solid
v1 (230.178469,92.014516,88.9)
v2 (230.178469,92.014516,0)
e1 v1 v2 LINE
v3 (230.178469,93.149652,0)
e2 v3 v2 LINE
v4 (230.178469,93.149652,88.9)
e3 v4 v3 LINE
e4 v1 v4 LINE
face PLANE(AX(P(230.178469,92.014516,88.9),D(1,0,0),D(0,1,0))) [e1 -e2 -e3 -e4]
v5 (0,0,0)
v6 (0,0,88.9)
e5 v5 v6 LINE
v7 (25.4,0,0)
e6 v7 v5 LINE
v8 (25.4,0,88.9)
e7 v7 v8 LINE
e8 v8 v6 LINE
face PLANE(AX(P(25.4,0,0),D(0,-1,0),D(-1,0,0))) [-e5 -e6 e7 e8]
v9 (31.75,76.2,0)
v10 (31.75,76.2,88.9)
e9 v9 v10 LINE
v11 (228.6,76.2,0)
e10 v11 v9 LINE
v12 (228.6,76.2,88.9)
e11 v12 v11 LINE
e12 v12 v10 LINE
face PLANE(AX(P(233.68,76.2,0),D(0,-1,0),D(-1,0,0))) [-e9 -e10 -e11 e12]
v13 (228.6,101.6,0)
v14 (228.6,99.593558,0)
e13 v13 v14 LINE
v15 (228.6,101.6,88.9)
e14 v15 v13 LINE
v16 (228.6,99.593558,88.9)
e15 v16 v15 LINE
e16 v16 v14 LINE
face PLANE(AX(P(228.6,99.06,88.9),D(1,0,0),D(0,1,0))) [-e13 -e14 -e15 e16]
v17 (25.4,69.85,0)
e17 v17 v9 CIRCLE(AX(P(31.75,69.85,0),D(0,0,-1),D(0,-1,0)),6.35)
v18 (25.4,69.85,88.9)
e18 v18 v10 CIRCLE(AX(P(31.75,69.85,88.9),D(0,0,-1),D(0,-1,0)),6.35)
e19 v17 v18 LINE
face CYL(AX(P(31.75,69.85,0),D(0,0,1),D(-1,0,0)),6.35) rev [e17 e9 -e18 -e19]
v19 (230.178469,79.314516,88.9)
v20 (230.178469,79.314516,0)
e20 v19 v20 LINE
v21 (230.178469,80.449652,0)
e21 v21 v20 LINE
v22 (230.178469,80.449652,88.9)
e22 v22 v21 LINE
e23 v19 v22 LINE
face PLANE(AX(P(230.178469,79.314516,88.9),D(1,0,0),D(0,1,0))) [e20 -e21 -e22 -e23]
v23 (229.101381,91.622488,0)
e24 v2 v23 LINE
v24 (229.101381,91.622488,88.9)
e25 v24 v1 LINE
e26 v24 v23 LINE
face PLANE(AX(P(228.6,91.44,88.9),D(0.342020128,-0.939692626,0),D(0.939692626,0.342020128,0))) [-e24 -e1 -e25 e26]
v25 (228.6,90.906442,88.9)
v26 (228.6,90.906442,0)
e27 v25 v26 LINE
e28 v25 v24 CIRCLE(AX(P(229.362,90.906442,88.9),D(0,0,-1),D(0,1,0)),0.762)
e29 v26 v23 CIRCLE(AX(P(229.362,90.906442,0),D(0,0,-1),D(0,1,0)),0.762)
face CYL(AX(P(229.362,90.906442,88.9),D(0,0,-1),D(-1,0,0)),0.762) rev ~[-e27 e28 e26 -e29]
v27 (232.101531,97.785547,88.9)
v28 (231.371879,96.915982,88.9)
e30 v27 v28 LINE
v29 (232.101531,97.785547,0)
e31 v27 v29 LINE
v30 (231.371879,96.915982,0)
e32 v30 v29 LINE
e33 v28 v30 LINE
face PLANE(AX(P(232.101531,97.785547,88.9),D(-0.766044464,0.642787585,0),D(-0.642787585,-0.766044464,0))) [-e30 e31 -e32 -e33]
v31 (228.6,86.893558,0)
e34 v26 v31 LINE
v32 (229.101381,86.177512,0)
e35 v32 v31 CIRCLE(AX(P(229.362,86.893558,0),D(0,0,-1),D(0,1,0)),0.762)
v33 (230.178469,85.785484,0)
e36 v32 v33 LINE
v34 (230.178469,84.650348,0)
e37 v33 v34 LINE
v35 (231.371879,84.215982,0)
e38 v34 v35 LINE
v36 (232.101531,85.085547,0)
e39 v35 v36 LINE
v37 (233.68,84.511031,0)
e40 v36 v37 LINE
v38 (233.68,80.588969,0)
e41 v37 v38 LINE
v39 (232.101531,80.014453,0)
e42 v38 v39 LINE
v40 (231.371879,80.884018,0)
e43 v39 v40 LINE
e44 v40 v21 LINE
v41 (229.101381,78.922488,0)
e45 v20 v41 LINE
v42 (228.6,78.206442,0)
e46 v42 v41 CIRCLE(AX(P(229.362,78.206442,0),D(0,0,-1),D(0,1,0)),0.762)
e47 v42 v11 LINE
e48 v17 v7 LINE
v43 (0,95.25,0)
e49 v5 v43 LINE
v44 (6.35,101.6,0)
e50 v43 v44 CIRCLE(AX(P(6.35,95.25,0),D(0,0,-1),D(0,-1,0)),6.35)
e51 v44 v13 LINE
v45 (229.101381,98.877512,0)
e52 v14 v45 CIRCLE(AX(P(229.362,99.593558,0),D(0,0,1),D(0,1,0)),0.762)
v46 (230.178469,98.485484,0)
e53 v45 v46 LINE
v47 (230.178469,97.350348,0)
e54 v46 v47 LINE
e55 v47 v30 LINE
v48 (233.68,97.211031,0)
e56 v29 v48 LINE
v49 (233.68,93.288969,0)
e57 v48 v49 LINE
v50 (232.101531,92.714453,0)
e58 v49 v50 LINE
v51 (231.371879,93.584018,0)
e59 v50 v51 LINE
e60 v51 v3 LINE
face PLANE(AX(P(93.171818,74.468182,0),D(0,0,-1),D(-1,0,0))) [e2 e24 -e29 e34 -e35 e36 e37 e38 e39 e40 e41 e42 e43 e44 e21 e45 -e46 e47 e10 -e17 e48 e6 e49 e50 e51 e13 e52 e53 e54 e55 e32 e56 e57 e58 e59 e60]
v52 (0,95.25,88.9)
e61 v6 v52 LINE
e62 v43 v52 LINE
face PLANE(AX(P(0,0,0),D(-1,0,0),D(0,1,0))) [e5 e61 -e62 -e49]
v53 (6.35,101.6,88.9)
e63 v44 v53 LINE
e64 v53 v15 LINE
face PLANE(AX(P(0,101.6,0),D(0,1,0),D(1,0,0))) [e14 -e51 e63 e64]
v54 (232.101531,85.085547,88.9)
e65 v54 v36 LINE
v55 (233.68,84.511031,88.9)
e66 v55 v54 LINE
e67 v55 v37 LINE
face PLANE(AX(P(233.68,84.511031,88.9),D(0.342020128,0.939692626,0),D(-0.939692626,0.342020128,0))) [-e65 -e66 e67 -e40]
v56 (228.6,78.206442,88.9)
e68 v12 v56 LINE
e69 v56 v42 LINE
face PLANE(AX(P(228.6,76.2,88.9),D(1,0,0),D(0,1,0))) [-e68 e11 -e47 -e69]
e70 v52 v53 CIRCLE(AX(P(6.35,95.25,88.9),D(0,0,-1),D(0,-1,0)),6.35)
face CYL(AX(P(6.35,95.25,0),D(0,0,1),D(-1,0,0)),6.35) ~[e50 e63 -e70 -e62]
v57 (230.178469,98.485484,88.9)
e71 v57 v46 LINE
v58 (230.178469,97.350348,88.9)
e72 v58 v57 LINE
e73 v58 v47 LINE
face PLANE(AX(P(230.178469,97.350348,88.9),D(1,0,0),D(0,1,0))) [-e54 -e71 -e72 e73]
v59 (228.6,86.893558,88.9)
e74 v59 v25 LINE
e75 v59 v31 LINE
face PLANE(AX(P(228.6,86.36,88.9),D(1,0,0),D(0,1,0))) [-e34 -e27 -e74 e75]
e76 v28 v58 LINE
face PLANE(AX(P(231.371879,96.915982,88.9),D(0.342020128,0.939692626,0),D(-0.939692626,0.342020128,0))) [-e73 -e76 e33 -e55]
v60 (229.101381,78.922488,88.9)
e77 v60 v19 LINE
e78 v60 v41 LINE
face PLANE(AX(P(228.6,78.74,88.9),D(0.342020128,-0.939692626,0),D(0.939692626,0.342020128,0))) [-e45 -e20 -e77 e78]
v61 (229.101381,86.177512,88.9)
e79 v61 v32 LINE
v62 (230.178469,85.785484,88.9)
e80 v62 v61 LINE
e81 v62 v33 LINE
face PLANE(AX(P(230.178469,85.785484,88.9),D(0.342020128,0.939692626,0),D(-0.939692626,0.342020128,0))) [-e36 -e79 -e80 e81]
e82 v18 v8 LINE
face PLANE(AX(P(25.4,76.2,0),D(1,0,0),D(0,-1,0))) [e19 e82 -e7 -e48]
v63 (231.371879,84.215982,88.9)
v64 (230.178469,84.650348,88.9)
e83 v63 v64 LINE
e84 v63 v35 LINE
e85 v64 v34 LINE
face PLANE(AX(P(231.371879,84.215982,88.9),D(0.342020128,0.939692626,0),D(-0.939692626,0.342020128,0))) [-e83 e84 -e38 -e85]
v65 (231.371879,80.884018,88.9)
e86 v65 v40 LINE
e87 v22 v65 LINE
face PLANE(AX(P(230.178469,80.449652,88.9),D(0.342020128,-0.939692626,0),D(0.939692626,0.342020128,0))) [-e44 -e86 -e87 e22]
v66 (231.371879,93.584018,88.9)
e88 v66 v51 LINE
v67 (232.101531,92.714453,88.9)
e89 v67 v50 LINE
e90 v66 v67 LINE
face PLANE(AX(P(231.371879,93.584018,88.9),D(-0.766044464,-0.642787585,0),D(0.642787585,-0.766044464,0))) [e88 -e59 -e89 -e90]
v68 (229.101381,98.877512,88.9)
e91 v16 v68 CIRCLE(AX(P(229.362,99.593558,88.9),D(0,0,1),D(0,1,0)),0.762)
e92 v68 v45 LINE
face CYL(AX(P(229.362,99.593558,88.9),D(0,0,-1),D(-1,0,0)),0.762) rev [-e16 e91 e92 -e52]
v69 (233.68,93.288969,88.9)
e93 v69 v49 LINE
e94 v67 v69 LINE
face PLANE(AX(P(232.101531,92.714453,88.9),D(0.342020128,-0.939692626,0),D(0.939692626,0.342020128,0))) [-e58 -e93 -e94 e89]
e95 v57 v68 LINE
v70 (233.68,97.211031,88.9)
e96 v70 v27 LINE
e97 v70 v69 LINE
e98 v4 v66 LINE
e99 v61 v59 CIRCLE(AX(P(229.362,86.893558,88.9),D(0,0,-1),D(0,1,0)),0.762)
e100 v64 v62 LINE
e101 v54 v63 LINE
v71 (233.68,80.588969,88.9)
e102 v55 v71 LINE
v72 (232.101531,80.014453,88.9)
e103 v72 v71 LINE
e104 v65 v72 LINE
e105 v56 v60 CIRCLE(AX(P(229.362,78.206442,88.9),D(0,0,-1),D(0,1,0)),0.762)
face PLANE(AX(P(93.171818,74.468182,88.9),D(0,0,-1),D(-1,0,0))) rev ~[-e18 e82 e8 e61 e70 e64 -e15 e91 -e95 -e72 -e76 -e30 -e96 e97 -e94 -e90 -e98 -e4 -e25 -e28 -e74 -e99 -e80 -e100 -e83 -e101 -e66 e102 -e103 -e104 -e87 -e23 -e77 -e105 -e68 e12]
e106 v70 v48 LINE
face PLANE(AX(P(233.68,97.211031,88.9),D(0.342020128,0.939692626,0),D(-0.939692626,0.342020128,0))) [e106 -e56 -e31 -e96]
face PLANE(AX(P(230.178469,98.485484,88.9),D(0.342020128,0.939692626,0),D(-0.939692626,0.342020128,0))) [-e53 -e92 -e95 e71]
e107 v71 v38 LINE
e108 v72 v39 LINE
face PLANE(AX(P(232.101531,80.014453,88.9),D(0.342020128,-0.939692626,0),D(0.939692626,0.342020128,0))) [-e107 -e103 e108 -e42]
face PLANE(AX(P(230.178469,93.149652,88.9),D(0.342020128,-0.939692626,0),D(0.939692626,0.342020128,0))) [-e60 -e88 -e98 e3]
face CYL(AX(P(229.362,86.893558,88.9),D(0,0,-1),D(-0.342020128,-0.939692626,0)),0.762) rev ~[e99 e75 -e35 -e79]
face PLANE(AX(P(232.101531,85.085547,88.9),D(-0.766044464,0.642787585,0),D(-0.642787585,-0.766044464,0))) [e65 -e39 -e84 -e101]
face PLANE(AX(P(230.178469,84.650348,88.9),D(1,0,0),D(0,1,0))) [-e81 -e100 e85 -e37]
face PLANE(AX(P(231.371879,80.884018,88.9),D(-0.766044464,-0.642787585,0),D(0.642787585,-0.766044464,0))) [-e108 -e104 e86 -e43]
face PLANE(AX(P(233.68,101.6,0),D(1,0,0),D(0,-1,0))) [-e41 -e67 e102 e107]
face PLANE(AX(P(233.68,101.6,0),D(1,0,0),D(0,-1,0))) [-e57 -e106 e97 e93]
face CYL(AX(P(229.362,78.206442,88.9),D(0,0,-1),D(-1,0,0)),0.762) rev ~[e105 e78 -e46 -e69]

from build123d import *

# Parameters (mm, degrees)
BOSS_EXTRUDE2_DEPTH = 88.9
CUT_EXTRUDE3_DEPTH  = 89.9
FILLET2_R           = 6.35
FILLET4_R           = 0.762


with BuildPart() as part:
    # Sketch1 → Boss-Extrude2 (new body)
    with BuildSketch(Plane.XY):
        Polygon((0, 0), (0, 101.6), (233.68, 101.6), (233.68, 76.2), (25.4, 76.2), (25.4, 0), align=None)
    extrude(amount=BOSS_EXTRUDE2_DEPTH)

    # Sketch8 → Cut-Extrude3 (cut, through all)
    with BuildSketch(Plane.XY.offset(88.9)):
        Polygon((228.6, 76.2), (228.6, 78.740000094), (230.178469436, 79.314515955), (230.178469436, 80.449652208), (231.371879071, 80.88401777), (232.101530561, 80.014452928), (233.68, 80.58896879), (233.68, 76.2), align=None)
        Polygon((228.6, 101.6), (233.68, 101.6), (233.68, 97.21103121), (232.101530561, 97.785547072), (231.371879071, 96.91598223), (230.178469436, 97.350347792), (230.178469436, 98.485484045), (228.6, 99.059999906), align=None)
        Polygon((228.6, 86.36), (228.6, 91.44), (230.178469436, 92.014515861), (230.178469436, 93.149652114), (231.371879071, 93.584017676), (232.101530561, 92.714452834), (233.68, 93.288968696), (233.68, 84.511031304), (232.101530561, 85.085547166), (231.371879071, 84.215982324), (230.178469436, 84.650347886), (230.178469436, 85.785484139), align=None)
    extrude(amount=-CUT_EXTRUDE3_DEPTH, mode=Mode.SUBTRACT)

    # Fillet2
    fillet2_edges = [part.edges().sort_by_distance(p)[0] for p in [
        (0, 101.6, 44.45),
        (25.4, 76.2, 44.45),
    ]]
    fillet(fillet2_edges, radius=FILLET2_R)

    # Fillet4
    fillet4_edges = [part.edges().sort_by_distance(p)[0] for p in [
        (228.6, 78.740000094, 44.45),
        (228.6, 99.059999906, 44.45),
        (228.6, 91.44, 44.45),
        (228.6, 86.36, 44.45),
    ]]
    fillet(fillet4_edges, radius=FILLET4_R)


solid = part.part
